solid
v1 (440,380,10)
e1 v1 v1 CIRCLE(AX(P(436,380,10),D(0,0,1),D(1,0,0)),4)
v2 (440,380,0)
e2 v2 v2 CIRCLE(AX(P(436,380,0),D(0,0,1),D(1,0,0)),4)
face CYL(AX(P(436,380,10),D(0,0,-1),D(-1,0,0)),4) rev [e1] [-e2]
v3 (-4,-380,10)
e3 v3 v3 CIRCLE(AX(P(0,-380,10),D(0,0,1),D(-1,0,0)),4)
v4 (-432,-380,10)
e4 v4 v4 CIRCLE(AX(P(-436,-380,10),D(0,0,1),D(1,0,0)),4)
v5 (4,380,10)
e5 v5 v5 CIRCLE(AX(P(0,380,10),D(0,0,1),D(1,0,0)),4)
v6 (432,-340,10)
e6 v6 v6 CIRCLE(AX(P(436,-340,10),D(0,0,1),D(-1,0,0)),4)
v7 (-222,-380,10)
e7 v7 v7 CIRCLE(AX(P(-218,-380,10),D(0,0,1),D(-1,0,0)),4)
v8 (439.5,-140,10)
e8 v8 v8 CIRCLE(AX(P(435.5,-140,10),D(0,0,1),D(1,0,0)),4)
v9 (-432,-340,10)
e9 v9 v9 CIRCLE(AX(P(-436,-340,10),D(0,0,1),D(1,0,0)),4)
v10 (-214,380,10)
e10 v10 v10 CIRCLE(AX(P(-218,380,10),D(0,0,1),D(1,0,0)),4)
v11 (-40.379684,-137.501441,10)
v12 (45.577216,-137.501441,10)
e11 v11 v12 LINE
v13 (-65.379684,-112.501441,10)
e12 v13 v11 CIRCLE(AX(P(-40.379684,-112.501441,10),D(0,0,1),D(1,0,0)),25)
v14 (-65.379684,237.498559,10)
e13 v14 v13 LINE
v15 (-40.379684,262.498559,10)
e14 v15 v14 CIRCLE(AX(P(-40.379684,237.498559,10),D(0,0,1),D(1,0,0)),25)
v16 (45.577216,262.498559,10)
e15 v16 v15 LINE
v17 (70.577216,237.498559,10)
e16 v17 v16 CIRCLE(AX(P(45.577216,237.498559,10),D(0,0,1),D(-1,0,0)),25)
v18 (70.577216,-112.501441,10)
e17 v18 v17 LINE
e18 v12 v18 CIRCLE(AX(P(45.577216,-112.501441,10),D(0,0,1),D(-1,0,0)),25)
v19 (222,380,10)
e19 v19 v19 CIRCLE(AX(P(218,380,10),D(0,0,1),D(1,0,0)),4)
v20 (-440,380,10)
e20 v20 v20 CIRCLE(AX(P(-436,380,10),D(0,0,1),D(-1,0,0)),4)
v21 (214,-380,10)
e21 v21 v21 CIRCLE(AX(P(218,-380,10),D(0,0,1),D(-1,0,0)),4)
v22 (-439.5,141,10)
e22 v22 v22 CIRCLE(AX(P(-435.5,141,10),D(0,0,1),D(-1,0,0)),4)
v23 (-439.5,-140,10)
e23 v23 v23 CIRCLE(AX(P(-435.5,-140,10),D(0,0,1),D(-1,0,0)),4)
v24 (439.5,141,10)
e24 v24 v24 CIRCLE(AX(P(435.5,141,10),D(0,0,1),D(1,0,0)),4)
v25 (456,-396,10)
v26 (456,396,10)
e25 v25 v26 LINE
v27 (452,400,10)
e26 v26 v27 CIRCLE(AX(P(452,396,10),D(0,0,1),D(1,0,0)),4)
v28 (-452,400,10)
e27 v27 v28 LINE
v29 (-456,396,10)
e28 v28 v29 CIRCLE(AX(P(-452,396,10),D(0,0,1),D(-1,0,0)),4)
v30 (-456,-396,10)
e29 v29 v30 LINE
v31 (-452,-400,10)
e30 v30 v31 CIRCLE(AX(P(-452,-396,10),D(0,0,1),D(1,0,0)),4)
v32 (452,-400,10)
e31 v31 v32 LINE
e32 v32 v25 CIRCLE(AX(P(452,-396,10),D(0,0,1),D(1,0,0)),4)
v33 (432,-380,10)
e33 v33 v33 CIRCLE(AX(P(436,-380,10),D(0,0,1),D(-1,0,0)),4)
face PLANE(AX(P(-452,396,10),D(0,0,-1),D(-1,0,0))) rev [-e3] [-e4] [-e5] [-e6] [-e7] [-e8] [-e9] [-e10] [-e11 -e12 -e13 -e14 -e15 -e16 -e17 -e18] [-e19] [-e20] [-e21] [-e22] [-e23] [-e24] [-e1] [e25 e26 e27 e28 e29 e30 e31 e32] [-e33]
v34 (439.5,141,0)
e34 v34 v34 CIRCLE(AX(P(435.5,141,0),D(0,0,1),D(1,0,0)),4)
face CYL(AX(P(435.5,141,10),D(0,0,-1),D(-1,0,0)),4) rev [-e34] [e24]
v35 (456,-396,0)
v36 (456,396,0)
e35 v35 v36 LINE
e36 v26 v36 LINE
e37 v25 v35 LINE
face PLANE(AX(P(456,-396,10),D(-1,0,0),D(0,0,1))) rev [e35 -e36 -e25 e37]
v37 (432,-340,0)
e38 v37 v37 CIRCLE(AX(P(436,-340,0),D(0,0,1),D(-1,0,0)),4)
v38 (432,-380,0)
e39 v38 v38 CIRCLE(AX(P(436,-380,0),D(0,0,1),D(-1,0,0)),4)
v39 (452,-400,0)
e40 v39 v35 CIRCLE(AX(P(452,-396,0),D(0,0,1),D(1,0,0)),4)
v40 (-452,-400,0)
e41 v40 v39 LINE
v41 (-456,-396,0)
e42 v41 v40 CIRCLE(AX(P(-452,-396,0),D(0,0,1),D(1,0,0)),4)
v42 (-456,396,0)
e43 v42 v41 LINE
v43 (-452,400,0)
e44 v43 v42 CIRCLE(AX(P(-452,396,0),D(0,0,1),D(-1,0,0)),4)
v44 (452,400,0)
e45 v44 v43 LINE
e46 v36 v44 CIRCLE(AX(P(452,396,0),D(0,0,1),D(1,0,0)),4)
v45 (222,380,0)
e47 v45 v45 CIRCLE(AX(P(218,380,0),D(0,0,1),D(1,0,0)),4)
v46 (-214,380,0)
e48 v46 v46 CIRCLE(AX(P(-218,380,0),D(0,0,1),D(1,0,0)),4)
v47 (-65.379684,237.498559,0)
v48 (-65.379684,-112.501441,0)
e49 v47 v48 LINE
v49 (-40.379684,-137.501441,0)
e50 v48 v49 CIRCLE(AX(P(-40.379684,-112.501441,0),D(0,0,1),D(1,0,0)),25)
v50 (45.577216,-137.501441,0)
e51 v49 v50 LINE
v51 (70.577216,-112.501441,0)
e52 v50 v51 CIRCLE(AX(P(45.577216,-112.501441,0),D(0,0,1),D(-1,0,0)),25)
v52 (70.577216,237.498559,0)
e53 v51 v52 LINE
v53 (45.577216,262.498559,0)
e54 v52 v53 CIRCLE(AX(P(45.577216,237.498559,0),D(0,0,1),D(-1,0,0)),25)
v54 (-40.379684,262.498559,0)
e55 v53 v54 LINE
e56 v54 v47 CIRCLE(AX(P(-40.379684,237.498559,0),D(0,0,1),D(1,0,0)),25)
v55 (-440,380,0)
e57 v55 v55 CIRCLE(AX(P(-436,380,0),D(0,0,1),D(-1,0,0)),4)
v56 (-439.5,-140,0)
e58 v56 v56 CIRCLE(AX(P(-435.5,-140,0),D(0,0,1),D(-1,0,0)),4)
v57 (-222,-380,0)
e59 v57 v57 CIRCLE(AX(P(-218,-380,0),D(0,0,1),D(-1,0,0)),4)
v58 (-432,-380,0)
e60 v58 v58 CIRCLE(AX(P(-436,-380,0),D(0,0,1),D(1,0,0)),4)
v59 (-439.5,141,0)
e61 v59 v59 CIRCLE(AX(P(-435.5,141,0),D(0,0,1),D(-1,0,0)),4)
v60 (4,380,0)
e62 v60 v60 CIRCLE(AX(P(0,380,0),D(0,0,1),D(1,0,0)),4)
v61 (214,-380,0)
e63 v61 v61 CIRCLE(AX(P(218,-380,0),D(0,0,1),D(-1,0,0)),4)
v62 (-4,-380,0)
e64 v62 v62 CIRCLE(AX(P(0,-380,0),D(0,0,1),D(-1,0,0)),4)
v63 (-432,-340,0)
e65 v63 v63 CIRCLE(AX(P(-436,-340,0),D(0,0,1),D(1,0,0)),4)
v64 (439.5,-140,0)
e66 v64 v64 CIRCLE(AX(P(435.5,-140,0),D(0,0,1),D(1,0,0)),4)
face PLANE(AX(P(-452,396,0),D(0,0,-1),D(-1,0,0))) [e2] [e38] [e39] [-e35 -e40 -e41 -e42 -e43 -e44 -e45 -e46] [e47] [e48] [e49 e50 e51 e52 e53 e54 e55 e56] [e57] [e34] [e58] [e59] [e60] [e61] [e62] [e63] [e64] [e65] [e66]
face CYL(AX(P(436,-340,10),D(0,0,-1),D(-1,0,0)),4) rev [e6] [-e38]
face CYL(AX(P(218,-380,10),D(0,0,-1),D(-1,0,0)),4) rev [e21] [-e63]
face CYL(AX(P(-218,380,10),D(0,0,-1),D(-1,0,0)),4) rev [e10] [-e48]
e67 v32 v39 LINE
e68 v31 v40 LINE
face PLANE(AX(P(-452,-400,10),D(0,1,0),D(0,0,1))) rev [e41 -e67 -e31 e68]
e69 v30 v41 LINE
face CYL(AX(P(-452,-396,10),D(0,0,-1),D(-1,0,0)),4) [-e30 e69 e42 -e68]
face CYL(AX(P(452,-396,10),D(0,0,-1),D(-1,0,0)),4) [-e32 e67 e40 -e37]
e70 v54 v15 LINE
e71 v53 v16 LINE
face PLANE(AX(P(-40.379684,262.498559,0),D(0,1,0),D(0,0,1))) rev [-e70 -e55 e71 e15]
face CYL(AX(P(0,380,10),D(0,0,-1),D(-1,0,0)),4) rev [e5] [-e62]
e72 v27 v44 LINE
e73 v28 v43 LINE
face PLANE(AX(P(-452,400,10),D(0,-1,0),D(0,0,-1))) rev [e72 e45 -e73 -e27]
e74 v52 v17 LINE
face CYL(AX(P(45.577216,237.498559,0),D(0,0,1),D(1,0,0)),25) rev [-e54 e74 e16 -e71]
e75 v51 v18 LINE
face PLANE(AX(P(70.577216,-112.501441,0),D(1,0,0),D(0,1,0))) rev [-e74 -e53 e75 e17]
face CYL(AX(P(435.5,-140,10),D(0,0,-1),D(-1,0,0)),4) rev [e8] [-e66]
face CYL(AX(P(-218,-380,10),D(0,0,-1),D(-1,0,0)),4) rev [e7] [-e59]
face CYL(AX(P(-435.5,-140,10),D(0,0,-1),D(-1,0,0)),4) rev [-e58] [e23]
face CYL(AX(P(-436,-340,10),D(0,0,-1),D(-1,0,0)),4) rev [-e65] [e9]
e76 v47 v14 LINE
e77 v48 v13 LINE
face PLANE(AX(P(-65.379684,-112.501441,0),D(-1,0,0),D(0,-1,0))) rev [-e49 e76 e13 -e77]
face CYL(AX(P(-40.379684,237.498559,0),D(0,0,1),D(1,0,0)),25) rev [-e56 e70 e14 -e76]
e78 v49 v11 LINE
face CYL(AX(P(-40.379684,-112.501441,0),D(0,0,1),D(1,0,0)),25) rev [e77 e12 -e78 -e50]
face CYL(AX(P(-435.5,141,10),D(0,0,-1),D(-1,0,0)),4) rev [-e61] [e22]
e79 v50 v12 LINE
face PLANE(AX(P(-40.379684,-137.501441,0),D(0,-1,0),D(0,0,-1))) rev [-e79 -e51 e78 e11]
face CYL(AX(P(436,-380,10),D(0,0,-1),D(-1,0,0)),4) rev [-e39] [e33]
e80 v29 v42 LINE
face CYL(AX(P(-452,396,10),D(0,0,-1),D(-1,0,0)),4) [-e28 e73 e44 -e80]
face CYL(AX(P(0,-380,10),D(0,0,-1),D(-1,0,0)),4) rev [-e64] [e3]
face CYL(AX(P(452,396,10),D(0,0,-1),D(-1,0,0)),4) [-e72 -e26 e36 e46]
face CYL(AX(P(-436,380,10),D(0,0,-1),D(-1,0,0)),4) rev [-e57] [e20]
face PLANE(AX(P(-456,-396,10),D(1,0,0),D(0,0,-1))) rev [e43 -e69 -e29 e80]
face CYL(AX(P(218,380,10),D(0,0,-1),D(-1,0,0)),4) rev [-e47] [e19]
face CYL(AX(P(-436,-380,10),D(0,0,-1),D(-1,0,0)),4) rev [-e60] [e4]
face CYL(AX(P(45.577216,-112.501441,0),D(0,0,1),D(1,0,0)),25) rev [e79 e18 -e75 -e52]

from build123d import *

# Parameters (mm, degrees)
ESQUISSE1_R             = 4
BOSS_EXTRU_1_DEPTH      = 10
ENL_V_MAT_EXTRU_1_DEPTH = 607.65970692


with BuildPart() as part:
    # Esquisse1 → Boss.-Extru.1 (new body)
    with BuildSketch(Plane.XY):
        with BuildLine():
            Line((-452, -400), (452, -400))
            ThreePointArc((452, -400), (454.828427125, -398.828427125), (456, -396))
            Line((456, -396), (456, 396))
            ThreePointArc((456, 396), (454.828427125, 398.828427125), (452, 400))
            Line((452, 400), (-452, 400))
            ThreePointArc((-452, 400), (-454.828427125, 398.828427125), (-456, 396))
            Line((-456, 396), (-456, -396))
            ThreePointArc((-456, -396), (-454.828427125, -398.828427125), (-452, -400))
        make_face()
        with Locations((436, 380)):
            Circle(ESQUISSE1_R, mode=Mode.SUBTRACT)
        with Locations((435.5, -140)):
            Circle(ESQUISSE1_R, mode=Mode.SUBTRACT)
        with Locations((435.5, 141)):
            Circle(ESQUISSE1_R, mode=Mode.SUBTRACT)
        with Locations(Location((-435.5, -140, 0), (0, 0, 180))):
            Circle(ESQUISSE1_R, mode=Mode.SUBTRACT)
        with Locations(Location((-436, 380, 0), (0, 0, 180))):
            Circle(ESQUISSE1_R, mode=Mode.SUBTRACT)
        with Locations(Location((-435.5, 141, 0), (0, 0, 180))):
            Circle(ESQUISSE1_R, mode=Mode.SUBTRACT)
        with Locations(Location((436, -380, 0), (0, 0, 180))):
            Circle(ESQUISSE1_R, mode=Mode.SUBTRACT)
        with Locations(Location((436, -340, 0), (0, 0, 180))):
            Circle(ESQUISSE1_R, mode=Mode.SUBTRACT)
        with Locations((-436, -340)):
            Circle(ESQUISSE1_R, mode=Mode.SUBTRACT)
        with Locations((-436, -380)):
            Circle(ESQUISSE1_R, mode=Mode.SUBTRACT)
        with Locations(Location((218, -380, 0), (0, 0, 180))):
            Circle(ESQUISSE1_R, mode=Mode.SUBTRACT)
        with Locations(Location((0, -380, 0), (0, 0, 180))):
            Circle(ESQUISSE1_R, mode=Mode.SUBTRACT)
        with Locations(Location((-218, -380, 0), (0, 0, 180))):
            Circle(ESQUISSE1_R, mode=Mode.SUBTRACT)
        with Locations((-218, 380)):
            Circle(ESQUISSE1_R, mode=Mode.SUBTRACT)
        with Locations((0, 380)):
            Circle(ESQUISSE1_R, mode=Mode.SUBTRACT)
        with Locations((218, 380)):
            Circle(ESQUISSE1_R, mode=Mode.SUBTRACT)
    extrude(amount=BOSS_EXTRU_1_DEPTH)

    # Esquisse2 → Enlèv. mat.-Extru.1 (cut, through all)
    with BuildSketch(Plane.XY.offset(10)):
        with BuildLine():
            Line((-40.379684406, -137.501440844), (45.577215583, -137.501440844))
            ThreePointArc((45.577215583, -137.501440844), (63.254885113, -130.179110374), (70.577215583, -112.501440844))
            Line((70.577215583, -112.501440844), (70.577215583, 237.498559156))
            ThreePointArc((70.577215583, 237.498559156), (63.254885113, 255.176228686), (45.577215583, 262.498559156))
            Line((45.577215583, 262.498559156), (-40.379684406, 262.498559156))
            ThreePointArc((-40.379684406, 262.498559156), (-58.057353936, 255.176228686), (-65.379684406, 237.498559156))
            Line((-65.379684406, 237.498559156), (-65.379684406, -112.501440844))
            ThreePointArc((-65.379684406, -112.501440844), (-58.057353936, -130.179110374), (-40.379684406, -137.501440844))
        make_face()
    extrude(amount=-ENL_V_MAT_EXTRU_1_DEPTH, mode=Mode.SUBTRACT)


solid = part.part
